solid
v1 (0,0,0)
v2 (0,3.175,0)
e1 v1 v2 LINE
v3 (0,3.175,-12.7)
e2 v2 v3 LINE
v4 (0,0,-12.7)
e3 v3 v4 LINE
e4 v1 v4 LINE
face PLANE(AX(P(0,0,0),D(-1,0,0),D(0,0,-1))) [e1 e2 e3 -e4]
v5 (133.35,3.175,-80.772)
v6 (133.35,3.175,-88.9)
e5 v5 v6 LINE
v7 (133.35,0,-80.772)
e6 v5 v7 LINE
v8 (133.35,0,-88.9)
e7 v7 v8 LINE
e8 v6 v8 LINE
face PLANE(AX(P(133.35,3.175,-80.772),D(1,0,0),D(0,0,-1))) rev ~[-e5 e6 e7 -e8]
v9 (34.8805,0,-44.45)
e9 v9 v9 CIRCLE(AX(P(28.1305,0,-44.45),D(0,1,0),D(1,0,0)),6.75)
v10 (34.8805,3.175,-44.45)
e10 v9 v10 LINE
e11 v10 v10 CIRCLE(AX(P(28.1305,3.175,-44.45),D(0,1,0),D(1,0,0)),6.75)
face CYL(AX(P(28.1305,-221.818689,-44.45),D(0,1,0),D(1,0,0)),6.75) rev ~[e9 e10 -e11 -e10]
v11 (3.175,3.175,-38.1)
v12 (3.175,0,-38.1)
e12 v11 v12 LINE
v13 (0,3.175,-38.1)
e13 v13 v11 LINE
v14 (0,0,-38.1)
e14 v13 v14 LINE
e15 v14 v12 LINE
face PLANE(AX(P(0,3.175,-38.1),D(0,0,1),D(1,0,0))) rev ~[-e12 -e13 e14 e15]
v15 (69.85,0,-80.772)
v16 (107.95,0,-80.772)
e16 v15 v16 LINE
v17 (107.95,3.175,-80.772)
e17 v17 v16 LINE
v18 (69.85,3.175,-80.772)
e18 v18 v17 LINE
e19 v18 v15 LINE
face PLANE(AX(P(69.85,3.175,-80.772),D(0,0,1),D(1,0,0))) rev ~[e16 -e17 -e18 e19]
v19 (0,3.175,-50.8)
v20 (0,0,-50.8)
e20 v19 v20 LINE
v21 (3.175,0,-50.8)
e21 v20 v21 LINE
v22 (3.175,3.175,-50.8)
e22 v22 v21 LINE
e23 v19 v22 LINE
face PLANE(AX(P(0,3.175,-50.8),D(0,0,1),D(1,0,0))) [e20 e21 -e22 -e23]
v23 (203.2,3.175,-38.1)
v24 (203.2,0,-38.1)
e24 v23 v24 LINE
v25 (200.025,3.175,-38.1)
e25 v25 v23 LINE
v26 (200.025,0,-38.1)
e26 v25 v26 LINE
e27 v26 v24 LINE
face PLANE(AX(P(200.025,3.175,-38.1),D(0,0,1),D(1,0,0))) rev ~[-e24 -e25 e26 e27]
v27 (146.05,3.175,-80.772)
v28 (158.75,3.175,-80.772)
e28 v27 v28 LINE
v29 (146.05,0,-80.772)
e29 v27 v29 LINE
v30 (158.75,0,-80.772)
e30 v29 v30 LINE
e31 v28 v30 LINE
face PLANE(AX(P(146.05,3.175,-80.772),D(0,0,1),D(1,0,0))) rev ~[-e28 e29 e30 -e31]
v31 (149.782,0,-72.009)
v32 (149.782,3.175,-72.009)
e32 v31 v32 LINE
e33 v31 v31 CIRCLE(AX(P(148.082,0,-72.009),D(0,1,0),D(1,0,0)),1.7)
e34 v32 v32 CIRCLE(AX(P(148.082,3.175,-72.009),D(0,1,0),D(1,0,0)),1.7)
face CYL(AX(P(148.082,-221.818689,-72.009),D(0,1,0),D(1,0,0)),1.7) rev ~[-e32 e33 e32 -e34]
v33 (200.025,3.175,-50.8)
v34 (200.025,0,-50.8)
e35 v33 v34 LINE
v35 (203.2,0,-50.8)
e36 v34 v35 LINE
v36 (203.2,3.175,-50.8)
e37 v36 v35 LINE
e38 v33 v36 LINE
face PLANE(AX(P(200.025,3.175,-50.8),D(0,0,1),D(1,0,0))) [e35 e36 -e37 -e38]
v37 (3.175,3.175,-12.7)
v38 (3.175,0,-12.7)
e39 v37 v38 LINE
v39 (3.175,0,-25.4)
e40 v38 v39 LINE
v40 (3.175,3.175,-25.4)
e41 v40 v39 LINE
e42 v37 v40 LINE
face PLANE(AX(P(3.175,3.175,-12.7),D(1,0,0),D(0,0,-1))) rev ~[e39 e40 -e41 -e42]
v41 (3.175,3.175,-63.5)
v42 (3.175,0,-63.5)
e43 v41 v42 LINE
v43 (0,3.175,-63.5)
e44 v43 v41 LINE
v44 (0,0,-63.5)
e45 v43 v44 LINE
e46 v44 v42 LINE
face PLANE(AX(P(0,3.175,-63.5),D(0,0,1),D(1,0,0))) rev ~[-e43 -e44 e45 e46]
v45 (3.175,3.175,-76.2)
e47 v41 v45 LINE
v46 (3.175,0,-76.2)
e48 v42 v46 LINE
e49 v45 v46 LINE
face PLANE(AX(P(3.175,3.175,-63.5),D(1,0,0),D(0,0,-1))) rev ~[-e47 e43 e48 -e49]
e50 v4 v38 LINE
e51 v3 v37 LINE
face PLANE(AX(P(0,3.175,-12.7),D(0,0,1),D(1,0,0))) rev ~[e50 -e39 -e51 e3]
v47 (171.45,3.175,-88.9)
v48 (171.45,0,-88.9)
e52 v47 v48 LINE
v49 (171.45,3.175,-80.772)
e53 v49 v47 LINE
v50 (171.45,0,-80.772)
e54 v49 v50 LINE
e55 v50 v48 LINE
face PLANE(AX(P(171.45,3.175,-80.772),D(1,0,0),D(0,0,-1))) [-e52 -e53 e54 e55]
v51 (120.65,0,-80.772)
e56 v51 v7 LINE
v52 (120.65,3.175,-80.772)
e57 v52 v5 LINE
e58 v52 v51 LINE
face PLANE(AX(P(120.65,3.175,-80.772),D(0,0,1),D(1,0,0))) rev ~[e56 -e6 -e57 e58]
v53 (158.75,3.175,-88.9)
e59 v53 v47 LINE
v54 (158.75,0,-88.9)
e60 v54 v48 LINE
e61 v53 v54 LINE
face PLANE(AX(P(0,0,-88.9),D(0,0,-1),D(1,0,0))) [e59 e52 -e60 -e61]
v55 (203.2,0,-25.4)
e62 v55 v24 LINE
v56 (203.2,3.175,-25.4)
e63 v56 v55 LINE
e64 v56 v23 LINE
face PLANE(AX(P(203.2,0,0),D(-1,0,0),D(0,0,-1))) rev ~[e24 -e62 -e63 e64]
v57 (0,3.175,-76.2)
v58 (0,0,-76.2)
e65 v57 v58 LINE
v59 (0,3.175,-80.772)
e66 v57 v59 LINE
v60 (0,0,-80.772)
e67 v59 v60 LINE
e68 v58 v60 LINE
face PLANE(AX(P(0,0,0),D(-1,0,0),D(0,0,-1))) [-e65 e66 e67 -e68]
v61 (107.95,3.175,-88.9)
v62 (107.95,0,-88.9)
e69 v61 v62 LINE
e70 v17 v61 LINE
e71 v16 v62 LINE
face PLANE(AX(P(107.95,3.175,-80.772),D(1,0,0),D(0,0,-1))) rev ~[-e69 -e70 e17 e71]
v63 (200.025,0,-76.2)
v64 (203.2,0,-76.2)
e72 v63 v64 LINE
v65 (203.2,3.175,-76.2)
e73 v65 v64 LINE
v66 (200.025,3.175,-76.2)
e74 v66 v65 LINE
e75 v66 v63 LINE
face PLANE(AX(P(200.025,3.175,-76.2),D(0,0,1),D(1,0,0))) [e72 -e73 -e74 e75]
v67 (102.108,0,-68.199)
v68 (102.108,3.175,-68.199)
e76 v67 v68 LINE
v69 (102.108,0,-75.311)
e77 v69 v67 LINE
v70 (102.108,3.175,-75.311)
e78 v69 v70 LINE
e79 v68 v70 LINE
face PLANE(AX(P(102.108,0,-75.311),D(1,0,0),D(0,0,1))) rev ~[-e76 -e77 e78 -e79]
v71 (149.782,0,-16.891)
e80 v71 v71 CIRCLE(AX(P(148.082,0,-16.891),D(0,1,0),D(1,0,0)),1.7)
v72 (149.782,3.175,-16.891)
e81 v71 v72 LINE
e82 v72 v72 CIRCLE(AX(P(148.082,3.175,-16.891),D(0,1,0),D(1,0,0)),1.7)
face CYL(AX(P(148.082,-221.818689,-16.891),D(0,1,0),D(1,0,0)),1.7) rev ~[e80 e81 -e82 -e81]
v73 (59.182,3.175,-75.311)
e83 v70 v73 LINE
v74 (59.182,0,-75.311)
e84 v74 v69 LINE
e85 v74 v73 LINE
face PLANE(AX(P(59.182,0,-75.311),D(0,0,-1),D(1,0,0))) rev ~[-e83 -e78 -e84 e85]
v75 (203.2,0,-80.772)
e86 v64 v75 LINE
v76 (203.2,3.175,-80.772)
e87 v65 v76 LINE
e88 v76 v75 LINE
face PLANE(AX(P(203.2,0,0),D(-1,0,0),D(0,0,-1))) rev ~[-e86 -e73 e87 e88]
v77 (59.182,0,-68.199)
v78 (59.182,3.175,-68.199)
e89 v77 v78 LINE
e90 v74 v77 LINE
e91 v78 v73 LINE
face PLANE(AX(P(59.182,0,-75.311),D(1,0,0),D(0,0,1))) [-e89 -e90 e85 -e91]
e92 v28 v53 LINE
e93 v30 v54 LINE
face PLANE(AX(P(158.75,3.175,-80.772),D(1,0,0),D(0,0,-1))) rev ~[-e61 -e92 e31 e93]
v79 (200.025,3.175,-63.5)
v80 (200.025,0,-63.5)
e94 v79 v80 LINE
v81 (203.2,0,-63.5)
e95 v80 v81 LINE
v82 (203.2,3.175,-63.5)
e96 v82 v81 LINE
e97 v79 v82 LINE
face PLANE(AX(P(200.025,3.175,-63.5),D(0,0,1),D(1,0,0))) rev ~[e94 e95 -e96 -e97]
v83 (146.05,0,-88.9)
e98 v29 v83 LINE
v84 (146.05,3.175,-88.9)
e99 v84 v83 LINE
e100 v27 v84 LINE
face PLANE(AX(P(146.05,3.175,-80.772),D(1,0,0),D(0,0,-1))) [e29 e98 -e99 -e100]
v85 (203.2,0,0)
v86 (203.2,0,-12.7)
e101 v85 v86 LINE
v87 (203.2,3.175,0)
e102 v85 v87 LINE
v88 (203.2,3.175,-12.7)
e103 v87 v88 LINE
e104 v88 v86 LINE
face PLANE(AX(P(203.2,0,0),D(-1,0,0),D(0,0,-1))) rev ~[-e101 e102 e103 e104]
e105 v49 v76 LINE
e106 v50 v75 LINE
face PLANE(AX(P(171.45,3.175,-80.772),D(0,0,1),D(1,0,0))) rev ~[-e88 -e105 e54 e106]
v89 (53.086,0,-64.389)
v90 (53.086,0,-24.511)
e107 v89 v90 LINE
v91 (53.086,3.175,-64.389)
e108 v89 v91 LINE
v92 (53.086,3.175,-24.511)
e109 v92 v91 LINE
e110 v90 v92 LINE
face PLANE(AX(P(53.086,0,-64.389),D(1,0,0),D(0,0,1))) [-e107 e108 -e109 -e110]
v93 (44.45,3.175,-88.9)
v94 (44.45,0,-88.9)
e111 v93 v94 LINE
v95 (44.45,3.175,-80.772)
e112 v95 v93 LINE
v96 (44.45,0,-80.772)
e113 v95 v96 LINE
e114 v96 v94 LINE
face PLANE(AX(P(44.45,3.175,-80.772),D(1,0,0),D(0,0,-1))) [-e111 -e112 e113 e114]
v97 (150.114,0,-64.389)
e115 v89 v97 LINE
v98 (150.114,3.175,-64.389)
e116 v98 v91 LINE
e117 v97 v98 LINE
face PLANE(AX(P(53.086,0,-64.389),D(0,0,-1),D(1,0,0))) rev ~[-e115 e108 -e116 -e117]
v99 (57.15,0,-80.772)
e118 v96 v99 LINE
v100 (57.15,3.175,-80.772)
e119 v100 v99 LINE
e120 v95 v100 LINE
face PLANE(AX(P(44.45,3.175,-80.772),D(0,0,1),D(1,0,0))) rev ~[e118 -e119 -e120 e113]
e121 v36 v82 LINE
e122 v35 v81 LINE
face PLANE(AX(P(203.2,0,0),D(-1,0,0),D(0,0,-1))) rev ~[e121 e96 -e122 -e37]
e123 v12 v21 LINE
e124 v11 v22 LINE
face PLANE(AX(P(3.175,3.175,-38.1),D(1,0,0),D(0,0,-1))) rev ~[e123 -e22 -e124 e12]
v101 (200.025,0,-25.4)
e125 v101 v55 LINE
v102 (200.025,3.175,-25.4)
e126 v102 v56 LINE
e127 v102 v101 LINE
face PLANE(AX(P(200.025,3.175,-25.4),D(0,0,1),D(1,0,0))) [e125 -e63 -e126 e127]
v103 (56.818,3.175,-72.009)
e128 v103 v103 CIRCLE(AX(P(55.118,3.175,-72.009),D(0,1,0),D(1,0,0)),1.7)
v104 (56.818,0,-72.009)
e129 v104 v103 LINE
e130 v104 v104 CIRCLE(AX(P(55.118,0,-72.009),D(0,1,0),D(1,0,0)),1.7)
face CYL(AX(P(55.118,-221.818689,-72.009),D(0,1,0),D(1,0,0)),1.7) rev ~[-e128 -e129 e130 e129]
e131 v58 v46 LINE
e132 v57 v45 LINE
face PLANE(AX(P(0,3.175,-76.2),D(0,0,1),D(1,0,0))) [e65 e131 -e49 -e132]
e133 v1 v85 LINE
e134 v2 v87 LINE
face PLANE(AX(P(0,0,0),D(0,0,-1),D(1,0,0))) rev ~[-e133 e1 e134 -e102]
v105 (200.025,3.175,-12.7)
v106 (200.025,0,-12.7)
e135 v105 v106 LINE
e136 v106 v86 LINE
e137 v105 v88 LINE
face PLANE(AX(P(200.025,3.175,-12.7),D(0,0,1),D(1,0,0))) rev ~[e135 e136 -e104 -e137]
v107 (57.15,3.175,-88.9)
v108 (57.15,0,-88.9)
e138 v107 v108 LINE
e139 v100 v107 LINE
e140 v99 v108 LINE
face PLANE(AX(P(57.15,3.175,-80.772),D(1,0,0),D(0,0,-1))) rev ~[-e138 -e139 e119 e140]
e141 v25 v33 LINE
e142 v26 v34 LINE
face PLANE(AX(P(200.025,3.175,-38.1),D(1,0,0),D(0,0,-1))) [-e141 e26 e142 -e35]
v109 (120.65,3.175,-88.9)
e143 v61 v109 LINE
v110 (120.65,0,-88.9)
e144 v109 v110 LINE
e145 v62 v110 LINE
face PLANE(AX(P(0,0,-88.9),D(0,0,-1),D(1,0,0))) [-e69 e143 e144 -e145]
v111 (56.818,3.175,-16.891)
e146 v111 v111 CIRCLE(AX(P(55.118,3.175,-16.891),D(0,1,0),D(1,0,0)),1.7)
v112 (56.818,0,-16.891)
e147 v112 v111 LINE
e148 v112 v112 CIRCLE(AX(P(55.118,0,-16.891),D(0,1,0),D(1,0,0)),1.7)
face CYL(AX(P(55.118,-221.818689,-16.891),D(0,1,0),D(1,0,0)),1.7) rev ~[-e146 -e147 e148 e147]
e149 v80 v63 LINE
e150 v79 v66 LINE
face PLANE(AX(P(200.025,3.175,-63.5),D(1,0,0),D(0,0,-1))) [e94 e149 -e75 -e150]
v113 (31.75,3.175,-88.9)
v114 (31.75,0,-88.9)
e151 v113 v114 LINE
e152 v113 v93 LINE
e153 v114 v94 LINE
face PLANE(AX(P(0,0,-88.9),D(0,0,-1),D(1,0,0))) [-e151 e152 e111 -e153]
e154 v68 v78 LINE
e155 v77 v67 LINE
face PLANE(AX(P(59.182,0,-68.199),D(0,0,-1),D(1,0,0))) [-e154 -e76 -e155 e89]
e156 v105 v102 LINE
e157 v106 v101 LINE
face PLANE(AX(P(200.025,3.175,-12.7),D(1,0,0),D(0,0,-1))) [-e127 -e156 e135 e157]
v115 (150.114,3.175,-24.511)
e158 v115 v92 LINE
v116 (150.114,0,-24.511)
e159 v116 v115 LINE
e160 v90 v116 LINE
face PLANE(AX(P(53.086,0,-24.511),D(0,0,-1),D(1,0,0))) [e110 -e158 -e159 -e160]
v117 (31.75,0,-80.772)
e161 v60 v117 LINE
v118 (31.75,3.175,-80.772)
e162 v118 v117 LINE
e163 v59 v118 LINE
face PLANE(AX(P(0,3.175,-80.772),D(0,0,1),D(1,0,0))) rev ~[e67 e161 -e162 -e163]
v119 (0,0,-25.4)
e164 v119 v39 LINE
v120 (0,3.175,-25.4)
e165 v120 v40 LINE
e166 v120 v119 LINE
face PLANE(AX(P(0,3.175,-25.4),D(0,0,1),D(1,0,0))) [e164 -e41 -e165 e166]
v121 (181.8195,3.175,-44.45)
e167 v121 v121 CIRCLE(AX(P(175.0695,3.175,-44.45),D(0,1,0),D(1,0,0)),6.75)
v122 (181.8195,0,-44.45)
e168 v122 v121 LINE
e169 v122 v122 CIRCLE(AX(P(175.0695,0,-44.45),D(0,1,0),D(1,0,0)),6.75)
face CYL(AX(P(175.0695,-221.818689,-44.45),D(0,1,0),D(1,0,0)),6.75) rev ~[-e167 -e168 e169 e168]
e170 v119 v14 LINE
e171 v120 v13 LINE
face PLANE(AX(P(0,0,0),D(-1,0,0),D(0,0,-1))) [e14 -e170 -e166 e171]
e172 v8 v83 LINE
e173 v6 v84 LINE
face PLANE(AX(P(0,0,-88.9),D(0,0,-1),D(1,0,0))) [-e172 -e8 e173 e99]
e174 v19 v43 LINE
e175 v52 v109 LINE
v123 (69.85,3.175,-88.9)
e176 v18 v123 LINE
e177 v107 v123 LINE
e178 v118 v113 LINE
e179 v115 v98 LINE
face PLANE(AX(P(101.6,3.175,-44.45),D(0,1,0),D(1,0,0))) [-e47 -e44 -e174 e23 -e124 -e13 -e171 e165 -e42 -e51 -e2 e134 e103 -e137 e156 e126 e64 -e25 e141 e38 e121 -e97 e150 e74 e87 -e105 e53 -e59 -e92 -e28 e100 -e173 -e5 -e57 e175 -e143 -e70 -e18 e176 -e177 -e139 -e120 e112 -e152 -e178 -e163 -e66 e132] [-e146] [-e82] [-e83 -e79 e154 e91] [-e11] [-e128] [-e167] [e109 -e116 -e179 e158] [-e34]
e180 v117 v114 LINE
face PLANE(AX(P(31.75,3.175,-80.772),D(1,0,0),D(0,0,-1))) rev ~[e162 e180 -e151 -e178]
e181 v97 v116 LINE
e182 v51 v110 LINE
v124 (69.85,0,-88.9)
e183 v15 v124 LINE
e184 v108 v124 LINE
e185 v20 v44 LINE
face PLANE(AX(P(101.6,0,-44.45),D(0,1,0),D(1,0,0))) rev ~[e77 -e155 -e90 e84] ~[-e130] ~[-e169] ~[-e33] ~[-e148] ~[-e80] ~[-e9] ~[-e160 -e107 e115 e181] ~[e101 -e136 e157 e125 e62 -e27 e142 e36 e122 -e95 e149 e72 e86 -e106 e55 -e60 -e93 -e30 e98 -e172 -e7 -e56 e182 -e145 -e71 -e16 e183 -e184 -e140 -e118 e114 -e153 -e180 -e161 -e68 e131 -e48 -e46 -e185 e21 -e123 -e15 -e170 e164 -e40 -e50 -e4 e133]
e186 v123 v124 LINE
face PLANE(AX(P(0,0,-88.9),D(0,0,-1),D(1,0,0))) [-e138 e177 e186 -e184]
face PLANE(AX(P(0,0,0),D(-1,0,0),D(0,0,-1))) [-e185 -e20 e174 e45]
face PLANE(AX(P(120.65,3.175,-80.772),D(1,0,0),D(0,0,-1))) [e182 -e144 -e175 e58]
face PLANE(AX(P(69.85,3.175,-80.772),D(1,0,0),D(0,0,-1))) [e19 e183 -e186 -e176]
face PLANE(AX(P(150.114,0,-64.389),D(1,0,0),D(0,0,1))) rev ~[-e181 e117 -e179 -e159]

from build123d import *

# Parameters (mm, degrees)
SKETCH1_W             = 203.2
SKETCH1_H             = 88.9
BOSS_EXTRUDE1_DEPTH   = 3.175
SKETCH2_W             = 31.75
SKETCH2_H             = 8.128
SKETCH2_W_2           = 3.175
SKETCH2_H_2           = 12.7
SKETCH2_W_3           = 12.7
SKETCH2_W_4           = 38.1
CUT_EXTRUDE1_DEPTH    = 222.818688629
SKETCH3_W             = 97.028
SKETCH3_H             = 39.878
SKETCH3_W_2           = 42.926
SKETCH3_H_2           = 7.112
CUT_EXTRUDE2_DEPTH    = 222.818688629
M3_CLEARANCE_HOLE1_D  = 3.4
M12_CLEARANCE_HOLE1_D = 13.5


with BuildPart() as part:
    # Sketch1 → Boss-Extrude1 (new body)
    with BuildSketch(Plane(origin=(0, 0, 0), x_dir=(1, 0, 0), z_dir=(0, 1, 0))):
        with Locations((101.6, 44.45)):
            Rectangle(SKETCH1_W, SKETCH1_H)
    extrude(amount=BOSS_EXTRUDE1_DEPTH)

    # Sketch2 → Cut-Extrude1 (cut, through all)
    with BuildSketch(Plane(origin=(0, 3.175, 0), x_dir=(1, 0, 0), z_dir=(0, 1, 0))):
        with Locations((15.875, 84.836)):
            Rectangle(SKETCH2_W, SKETCH2_H)
        with Locations((1.5875, 44.45)):
            Rectangle(SKETCH2_W_2, SKETCH2_H_2)
        with Locations((1.5875, 69.85)):
            Rectangle(SKETCH2_W_2, SKETCH2_H_2)
        with Locations((1.5875, 19.05)):
            Rectangle(SKETCH2_W_2, SKETCH2_H_2)
        with Locations((50.8, 84.836)):
            Rectangle(SKETCH2_W_3, SKETCH2_H)
        with Locations((88.9, 84.836)):
            Rectangle(SKETCH2_W_4, SKETCH2_H)
        with Locations((127, 84.836)):
            Rectangle(SKETCH2_W_3, SKETCH2_H)
        with Locations((152.4, 84.836)):
            Rectangle(SKETCH2_W_3, SKETCH2_H)
        with Locations((187.325, 84.836)):
            Rectangle(SKETCH2_W, SKETCH2_H)
        with Locations((201.6125, 19.05)):
            Rectangle(SKETCH2_W_2, SKETCH2_H_2)
        with Locations((201.6125, 44.45)):
            Rectangle(SKETCH2_W_2, SKETCH2_H_2)
        with Locations((201.6125, 69.85)):
            Rectangle(SKETCH2_W_2, SKETCH2_H_2)
    extrude(amount=-CUT_EXTRUDE1_DEPTH, mode=Mode.SUBTRACT)

    # Sketch3 → Cut-Extrude2 (cut, through all)
    with BuildSketch(Plane.XZ):
        with Locations((101.6, -44.45)):
            Rectangle(SKETCH3_W, SKETCH3_H)
        with Locations((80.645, -71.755)):
            Rectangle(SKETCH3_W_2, SKETCH3_H_2)
    extrude(amount=-CUT_EXTRUDE2_DEPTH, mode=Mode.SUBTRACT)

    # M3 Clearance Hole1 (through all)
    with Locations(Plane(origin=(0, 0, 0), x_dir=(-1, 0, 0), z_dir=(0, -1, 0))):
        with Locations((-148.082, 72.009), (-148.082, 16.891), (-55.118, 16.891), (-55.118, 72.009)):
            Hole(M3_CLEARANCE_HOLE1_D / 2)

    # M12 Clearance Hole1 (through all)
    with Locations(Plane(origin=(0, 0, 0), x_dir=(-1, 0, 0), z_dir=(0, -1, 0))):
        with Locations((-175.0695, 44.45), (-28.1305, 44.45)):
            Hole(M12_CLEARANCE_HOLE1_D / 2)


solid = part.part
